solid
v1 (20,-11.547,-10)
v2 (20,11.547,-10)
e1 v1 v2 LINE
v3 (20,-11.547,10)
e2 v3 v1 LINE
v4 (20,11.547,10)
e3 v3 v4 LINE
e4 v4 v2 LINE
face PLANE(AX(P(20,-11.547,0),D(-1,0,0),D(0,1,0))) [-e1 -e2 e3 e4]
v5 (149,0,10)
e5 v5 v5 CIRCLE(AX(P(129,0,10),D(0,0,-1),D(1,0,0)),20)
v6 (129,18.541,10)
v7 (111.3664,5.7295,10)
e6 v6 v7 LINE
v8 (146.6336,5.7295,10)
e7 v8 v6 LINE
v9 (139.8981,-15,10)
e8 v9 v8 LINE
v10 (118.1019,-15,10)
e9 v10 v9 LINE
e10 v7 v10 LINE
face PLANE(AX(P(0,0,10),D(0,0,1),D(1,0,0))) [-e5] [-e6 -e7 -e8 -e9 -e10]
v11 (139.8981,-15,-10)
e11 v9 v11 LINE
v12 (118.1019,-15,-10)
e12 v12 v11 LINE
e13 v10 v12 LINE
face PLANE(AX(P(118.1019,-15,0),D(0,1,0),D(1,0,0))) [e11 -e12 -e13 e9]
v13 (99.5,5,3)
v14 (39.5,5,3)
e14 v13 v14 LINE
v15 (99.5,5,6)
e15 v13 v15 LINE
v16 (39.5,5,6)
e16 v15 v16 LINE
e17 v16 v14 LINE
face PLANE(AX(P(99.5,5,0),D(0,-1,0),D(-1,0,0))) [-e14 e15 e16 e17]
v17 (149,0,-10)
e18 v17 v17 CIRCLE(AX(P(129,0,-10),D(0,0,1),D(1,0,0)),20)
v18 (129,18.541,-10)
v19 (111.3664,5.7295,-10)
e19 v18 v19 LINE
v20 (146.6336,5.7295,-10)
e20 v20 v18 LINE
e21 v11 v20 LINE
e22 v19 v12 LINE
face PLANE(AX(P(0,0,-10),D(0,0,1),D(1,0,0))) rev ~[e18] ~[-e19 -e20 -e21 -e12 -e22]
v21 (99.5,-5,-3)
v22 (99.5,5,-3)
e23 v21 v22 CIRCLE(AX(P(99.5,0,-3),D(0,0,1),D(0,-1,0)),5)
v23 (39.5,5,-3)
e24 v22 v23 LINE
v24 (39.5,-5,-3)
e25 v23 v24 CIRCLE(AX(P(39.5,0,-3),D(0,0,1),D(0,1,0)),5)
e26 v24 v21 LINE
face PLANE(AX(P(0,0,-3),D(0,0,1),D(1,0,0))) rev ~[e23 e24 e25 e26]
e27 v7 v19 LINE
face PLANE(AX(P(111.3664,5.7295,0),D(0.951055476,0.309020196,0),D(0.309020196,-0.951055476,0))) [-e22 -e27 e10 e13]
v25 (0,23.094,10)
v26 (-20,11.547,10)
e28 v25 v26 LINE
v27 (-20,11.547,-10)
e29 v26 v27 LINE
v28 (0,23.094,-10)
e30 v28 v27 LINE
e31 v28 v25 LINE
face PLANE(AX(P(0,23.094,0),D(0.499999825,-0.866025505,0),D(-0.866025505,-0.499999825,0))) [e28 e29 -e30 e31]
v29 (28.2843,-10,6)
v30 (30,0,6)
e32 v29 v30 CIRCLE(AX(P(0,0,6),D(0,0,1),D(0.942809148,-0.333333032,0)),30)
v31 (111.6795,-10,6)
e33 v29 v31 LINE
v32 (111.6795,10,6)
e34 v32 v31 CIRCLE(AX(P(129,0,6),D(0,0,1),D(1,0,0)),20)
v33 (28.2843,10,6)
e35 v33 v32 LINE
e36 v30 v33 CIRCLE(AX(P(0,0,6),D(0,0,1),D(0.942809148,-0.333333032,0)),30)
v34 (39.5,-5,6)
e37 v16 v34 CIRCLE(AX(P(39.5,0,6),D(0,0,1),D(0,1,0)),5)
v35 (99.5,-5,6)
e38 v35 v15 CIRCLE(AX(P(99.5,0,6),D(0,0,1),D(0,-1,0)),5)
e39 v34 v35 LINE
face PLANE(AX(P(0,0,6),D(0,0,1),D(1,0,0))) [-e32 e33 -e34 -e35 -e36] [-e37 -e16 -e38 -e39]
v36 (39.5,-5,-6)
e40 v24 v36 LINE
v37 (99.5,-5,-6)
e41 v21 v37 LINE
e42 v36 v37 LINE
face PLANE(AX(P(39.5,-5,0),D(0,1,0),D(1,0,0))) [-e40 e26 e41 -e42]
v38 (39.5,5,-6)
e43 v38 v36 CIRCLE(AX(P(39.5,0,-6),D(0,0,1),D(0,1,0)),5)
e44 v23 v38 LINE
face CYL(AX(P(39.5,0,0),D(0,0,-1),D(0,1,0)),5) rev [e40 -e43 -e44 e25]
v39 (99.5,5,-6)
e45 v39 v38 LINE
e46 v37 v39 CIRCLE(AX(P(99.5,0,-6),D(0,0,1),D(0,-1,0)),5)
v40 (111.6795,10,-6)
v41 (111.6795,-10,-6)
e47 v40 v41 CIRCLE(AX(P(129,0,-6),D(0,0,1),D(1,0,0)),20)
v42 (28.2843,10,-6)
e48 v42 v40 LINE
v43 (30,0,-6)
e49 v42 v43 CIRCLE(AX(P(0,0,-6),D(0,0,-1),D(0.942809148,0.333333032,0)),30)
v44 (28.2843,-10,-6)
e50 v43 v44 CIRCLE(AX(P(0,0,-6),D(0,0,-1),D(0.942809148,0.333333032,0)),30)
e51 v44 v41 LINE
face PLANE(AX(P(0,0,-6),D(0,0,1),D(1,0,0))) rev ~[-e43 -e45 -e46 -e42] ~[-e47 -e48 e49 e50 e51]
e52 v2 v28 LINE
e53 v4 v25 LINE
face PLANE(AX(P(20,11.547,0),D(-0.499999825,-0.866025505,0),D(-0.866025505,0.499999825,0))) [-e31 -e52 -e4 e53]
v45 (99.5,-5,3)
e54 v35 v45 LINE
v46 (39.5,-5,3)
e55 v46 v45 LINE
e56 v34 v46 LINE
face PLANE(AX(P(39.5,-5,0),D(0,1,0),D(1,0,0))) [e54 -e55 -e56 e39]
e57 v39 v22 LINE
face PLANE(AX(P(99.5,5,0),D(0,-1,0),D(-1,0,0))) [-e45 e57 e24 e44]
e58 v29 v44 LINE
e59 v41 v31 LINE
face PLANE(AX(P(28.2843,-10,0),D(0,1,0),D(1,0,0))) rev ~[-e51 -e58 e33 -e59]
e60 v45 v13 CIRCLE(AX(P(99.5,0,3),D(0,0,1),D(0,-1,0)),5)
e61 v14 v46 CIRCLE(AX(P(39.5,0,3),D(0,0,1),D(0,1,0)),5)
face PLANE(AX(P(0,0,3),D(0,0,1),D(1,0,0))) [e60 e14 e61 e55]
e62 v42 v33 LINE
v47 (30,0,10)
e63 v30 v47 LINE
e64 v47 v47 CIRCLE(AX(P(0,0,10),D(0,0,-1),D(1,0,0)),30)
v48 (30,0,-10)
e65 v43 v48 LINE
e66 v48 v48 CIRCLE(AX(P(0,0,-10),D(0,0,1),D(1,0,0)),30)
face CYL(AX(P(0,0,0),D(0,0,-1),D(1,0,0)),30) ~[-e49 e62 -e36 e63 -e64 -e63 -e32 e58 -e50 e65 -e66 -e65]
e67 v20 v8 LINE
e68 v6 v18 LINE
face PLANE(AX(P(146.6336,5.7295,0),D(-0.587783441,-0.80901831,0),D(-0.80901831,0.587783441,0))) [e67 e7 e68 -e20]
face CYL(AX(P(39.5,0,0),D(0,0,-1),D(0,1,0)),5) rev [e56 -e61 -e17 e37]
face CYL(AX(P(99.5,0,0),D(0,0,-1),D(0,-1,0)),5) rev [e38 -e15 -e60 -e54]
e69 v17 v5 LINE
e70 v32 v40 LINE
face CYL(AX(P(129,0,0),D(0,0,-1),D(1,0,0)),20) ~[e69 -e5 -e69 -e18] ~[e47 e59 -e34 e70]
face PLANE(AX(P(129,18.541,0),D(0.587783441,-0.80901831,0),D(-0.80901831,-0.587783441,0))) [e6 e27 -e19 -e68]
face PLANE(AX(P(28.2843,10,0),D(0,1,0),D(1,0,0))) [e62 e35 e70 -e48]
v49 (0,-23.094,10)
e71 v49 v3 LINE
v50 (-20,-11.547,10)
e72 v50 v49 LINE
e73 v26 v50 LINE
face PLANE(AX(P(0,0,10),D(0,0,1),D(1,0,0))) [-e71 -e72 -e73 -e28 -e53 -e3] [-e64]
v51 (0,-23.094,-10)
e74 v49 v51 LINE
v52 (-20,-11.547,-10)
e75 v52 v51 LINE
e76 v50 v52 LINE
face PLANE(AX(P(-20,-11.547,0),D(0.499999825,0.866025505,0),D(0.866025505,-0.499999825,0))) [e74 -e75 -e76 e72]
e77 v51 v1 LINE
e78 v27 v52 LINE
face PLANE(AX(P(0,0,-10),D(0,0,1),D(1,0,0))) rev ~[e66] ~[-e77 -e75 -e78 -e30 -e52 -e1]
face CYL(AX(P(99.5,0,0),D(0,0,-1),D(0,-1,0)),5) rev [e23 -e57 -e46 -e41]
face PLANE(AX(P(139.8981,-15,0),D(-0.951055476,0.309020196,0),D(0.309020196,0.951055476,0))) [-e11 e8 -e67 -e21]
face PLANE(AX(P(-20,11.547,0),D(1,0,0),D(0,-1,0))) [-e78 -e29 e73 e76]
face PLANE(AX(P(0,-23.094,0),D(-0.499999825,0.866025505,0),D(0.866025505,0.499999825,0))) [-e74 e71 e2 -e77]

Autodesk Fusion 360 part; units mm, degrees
sketch "Sketch1" plane through (0, 0, 0) normal (0, 0, 1) x (1, 0, 0)
  circle A0 centre (0, 0) radius 30
  circle A1 centre (129, 0) radius 20
  line L0 (0, 23.094) -> (-20, 11.547)
  line L1 (-20, 11.547) -> (-20, -11.547)
  line L2 (-20, -11.547) -> (0, -23.094)
  line L3 (0, -23.094) -> (20, -11.547)
  line L4 (20, -11.547) -> (20, 11.547)
  line L5 (20, 11.547) -> (0, 23.094)
  line L6 (146.6336, 5.7295) -> (129, 18.541)
  line L7 (129, 18.541) -> (111.3664, 5.7295)
  line L8 (111.3664, 5.7295) -> (118.1019, -15)
  line L9 (118.1019, -15) -> (139.8981, -15)
  line L10 (139.8981, -15) -> (146.6336, 5.7295)
  line L11 (28.2843, 10) -> (111.6795, 10)
  line L12 (28.2843, -10) -> (111.6795, -10)
  line L13 (99.5, 5) -> (39.5, 5)
  line L14 (39.5, -5) -> (99.5, -5)
  arc A2 (39.5, 5) -> (39.5, -5) centre (39.5, 0) ccw
  arc A3 (99.5, -5) -> (99.5, 5) centre (99.5, 0) ccw
  point P0 (129, 0)
  point P1 (69.5, 0)
  dimension "d2" = 129
  dimension "d4" = 20
  dimension "d5" = 60
  dimension "d6" = 15
  dimension "d7" = 40
  dimension "d8" = 60
  dimension "d9" = 10
  dimension "d11" = 10
  dimension "d12" = 20
extrude "Extrude1" add sketch "Sketch1" along normal mid plane 20 contours A0 | A1 makes body 1 at (148.9006, -1.9914, -3.3333) makes body 2 at (27.1662, -12.7278, 3.3333)
extrude "Extrude2" add sketch "Sketch1" along normal mid plane 12 contours A0 A1 L11 L12 bodies 1 2
extrude "Extrude3" add sketch "Sketch1" along normal mid plane 6 contours L13 L14 A2 A3 bodies 1
